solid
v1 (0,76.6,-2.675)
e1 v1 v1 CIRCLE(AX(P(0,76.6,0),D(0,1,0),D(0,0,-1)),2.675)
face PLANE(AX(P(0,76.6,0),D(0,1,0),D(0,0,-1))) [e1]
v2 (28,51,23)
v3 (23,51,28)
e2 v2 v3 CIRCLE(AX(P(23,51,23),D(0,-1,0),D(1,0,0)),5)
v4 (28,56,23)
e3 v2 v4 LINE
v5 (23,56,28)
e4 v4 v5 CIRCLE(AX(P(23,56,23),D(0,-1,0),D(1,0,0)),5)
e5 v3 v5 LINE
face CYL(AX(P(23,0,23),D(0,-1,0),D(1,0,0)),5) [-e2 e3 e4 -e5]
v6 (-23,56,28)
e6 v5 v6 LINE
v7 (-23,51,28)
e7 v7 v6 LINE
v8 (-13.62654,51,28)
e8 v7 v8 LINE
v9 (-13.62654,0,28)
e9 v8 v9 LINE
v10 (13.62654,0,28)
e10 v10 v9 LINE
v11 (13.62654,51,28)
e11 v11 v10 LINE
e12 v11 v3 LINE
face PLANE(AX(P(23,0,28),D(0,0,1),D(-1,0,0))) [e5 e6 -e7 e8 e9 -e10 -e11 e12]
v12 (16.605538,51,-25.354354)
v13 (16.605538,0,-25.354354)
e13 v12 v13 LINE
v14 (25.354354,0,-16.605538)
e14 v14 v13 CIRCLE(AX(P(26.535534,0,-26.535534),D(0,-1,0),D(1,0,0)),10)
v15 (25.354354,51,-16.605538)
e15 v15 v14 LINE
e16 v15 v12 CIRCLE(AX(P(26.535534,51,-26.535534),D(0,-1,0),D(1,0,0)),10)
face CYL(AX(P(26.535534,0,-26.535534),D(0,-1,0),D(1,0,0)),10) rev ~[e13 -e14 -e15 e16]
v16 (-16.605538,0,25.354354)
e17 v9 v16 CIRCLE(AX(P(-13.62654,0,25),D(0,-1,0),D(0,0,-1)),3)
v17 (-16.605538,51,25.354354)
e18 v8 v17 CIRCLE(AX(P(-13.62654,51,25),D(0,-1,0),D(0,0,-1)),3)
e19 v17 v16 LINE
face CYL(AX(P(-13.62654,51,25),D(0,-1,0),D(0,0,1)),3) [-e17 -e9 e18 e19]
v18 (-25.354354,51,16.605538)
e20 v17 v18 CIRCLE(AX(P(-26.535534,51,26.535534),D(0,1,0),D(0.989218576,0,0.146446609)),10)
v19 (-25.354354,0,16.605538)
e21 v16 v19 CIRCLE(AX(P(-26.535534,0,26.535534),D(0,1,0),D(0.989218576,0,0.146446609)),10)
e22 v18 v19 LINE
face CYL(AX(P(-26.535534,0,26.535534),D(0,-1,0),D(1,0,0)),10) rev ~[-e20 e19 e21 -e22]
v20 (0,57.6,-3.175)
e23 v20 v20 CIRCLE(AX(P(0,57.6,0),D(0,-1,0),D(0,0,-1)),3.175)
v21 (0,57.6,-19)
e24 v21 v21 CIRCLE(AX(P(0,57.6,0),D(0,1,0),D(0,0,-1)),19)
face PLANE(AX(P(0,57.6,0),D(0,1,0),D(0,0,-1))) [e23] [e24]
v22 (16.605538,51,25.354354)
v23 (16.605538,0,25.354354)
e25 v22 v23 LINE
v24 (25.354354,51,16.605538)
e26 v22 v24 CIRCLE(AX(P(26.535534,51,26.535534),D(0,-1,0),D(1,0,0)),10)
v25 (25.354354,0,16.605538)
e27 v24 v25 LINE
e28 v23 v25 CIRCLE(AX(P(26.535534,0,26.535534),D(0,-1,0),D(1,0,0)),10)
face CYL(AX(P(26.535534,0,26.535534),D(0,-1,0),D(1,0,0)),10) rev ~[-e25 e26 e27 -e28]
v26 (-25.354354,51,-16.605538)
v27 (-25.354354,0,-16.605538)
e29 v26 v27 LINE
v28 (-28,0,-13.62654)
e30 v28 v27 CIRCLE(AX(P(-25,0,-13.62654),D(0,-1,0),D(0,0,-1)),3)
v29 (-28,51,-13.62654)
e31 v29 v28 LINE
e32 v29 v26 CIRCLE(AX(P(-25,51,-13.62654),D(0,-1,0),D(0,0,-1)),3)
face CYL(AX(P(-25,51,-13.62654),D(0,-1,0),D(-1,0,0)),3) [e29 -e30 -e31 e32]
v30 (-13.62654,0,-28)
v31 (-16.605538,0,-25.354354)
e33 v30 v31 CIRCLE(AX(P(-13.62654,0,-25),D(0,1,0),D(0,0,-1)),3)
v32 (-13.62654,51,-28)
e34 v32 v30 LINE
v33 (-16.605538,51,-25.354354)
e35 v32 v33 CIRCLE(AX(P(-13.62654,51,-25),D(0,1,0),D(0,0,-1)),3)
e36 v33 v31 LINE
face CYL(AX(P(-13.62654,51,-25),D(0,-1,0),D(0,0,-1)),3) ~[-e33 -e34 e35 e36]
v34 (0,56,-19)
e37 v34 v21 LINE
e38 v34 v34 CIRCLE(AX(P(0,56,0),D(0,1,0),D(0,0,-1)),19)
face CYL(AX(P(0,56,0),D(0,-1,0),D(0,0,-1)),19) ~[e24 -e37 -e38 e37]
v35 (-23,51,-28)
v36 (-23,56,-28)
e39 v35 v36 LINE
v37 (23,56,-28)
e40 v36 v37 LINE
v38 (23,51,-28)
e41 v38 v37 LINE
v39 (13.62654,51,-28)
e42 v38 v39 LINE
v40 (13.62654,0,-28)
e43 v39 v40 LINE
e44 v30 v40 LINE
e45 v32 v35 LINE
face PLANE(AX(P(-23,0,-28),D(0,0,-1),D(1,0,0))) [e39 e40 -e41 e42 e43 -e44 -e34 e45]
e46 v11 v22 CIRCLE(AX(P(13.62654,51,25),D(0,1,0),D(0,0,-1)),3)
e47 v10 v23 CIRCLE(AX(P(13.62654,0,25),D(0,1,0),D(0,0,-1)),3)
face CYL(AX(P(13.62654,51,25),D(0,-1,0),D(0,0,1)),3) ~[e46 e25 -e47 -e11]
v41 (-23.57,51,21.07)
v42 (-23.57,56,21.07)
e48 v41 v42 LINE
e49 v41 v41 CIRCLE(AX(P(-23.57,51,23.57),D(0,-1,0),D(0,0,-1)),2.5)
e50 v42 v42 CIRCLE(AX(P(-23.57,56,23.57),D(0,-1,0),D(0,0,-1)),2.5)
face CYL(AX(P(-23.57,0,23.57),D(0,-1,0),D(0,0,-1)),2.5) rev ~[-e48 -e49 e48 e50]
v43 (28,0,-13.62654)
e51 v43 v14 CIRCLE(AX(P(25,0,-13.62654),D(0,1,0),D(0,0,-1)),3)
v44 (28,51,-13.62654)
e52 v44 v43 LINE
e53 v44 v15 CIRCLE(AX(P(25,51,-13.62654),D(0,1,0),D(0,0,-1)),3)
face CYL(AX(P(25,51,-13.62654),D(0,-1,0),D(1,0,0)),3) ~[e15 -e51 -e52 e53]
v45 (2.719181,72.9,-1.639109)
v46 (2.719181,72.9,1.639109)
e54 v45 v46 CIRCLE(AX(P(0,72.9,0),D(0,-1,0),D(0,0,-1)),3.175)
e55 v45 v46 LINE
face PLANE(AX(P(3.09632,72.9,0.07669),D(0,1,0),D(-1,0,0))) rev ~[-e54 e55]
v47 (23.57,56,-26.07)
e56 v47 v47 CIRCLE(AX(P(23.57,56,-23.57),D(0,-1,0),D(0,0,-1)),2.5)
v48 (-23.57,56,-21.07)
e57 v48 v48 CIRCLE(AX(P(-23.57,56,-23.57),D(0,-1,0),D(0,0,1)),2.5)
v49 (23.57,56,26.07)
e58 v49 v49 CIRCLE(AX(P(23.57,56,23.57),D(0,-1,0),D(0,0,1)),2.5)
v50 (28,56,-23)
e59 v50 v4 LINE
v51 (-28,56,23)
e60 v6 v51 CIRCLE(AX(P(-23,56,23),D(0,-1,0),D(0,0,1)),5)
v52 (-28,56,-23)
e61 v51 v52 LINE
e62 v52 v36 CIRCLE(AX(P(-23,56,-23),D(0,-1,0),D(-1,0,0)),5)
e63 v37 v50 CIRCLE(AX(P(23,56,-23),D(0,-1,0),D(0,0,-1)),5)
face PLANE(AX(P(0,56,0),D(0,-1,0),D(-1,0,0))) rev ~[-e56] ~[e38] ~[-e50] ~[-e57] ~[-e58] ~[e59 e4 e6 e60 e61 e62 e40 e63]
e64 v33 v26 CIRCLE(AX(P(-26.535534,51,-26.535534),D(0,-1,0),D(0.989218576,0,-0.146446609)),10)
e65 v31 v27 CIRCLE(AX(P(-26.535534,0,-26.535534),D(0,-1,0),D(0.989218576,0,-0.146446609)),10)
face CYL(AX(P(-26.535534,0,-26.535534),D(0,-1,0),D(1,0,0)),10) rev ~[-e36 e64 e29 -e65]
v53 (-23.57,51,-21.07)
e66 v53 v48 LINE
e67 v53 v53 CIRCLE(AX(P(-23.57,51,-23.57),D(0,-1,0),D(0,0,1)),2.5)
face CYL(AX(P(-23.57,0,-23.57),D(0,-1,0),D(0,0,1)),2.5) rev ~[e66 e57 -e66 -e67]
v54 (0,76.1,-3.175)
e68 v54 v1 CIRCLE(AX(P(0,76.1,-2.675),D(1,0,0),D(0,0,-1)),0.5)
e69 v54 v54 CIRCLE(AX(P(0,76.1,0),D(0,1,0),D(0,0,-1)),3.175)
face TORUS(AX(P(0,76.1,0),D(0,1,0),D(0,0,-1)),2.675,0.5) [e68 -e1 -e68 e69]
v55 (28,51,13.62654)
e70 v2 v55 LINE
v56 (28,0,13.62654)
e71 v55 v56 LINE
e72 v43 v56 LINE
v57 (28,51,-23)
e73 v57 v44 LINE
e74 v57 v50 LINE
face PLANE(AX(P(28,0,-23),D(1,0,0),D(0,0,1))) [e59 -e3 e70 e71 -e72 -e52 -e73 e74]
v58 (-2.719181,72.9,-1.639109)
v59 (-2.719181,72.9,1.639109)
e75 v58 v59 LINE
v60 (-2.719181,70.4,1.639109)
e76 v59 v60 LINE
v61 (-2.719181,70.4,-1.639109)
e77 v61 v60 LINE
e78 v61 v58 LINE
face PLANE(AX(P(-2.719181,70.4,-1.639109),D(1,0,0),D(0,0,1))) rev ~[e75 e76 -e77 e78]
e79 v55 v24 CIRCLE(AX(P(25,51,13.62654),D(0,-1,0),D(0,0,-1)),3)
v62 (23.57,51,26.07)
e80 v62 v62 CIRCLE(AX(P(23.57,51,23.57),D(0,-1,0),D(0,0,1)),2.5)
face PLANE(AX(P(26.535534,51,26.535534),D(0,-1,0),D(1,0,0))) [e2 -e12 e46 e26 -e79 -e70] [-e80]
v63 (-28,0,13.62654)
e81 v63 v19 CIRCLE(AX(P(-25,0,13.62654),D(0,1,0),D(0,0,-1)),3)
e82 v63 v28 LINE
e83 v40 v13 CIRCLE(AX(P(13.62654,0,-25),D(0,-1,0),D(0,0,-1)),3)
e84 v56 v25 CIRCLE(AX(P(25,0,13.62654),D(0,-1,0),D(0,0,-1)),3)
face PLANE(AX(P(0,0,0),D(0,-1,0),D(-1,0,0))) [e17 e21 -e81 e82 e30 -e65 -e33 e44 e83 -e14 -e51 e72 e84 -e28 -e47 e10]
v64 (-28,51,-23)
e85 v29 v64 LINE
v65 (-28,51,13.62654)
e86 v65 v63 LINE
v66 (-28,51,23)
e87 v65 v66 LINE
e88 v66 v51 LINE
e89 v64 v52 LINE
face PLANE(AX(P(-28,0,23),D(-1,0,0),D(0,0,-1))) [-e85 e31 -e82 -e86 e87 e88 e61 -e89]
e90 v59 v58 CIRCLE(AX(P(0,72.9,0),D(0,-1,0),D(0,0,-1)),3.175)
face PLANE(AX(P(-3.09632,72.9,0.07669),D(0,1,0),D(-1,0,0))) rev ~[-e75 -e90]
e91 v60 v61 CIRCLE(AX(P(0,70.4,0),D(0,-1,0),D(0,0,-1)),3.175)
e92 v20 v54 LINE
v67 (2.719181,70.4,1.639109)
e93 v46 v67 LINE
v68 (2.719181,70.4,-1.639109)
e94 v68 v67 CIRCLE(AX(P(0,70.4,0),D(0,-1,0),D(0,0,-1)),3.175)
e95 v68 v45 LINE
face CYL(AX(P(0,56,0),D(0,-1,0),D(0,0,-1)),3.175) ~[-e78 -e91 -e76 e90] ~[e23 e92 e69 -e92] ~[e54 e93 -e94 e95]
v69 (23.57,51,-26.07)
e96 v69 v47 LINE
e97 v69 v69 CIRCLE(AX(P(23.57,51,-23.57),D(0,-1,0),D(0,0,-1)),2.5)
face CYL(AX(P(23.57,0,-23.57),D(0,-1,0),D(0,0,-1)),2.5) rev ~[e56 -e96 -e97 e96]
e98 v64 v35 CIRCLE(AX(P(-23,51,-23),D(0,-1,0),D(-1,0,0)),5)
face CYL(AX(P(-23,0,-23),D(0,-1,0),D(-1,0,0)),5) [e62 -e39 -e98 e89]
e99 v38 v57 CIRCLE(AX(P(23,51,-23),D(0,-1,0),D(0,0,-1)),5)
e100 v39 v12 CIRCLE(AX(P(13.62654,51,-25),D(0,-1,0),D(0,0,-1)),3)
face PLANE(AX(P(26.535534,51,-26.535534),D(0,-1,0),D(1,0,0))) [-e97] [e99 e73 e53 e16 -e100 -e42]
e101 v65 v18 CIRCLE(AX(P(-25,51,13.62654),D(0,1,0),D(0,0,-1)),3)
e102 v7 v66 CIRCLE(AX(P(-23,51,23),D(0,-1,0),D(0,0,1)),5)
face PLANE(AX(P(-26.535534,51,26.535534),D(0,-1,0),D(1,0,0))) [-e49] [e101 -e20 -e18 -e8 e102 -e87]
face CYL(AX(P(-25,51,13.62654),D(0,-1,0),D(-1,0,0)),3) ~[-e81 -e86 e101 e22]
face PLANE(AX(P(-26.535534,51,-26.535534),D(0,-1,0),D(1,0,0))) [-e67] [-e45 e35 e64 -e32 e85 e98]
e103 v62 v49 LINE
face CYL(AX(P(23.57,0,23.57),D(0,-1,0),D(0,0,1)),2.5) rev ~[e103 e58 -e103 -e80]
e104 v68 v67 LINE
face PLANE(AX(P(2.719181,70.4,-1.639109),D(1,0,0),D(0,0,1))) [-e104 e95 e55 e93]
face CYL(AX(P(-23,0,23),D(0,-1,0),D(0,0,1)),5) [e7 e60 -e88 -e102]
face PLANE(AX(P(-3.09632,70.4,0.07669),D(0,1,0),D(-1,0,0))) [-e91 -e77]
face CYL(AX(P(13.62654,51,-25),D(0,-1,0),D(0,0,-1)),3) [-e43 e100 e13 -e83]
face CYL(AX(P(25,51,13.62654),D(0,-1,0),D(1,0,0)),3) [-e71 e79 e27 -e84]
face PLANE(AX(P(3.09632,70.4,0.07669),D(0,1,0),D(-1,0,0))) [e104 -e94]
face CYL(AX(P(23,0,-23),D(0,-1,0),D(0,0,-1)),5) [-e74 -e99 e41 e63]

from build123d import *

# Parameters (mm, degrees)
EXTRUDE1_DEPTH      = 56
SKETCH2_R           = 2.5
EXTRUDE2_DEPTH      = 69.585712798
SKETCH4_R           = 10
EXTRUDE3_DEPTH      = 51
FILLET1_R           = 3
SKETCH5_R           = 19
EXTRUDE4_DEPTH      = 1.6
SKETCH6_R           = 3.175
EXTRUDE5_DEPTH      = 20.6
FILLET2_R           = 0.5
SKETCH_1_W          = 0.754278007
SKETCH_1_H          = 3.431599036
CUT_EXTRUDE_1_DEPTH = 2.5


with BuildPart() as part:
    # Sketch1 → Extrude1 (new body)
    with BuildSketch(Plane(origin=(0, 0, 0), x_dir=(1, 0, 0), z_dir=(0, 1, 0))):
        with BuildLine():
            Line((-23, 28), (23, 28))
            ThreePointArc((23, 28), (26.535533906, 26.535533906), (28, 23))
            Line((28, 23), (28, -23))
            ThreePointArc((28, -23), (26.535533906, -26.535533906), (23, -28))
            Line((23, -28), (-23, -28))
            ThreePointArc((-23, -28), (-26.535533906, -26.535533906), (-28, -23))
            Line((-28, -23), (-28, 23))
            ThreePointArc((-28, 23), (-26.535533906, 26.535533906), (-23, 28))
        make_face()
    extrude(amount=EXTRUDE1_DEPTH)

    # Sketch2 → Extrude2 (cut, through all)
    with BuildSketch(Plane.XZ):
        with Locations(Location((23.57, 23.57, 0), (0, 0, 90))):
            Circle(SKETCH2_R)
        with Locations(Location((23.57, -23.57, 0), (0, 0, 270))):
            Circle(SKETCH2_R)
        with Locations(Location((-23.57, -23.57, 0), (0, 0, 90))):
            Circle(SKETCH2_R)
        with Locations(Location((-23.57, 23.57, 0), (0, 0, 270))):
            Circle(SKETCH2_R)
    extrude(amount=-EXTRUDE2_DEPTH, mode=Mode.SUBTRACT)

    # Sketch4 → Extrude3 (cut)
    with BuildSketch(Plane.XZ):
        with Locations((-26.535533906, 26.535533906)):
            Circle(SKETCH4_R)
        with Locations((26.535533906, 26.535533906)):
            Circle(SKETCH4_R)
        with Locations((26.535533906, -26.535533906)):
            Circle(SKETCH4_R)
        with Locations((-26.535533906, -26.535533906)):
            Circle(SKETCH4_R)
    extrude(amount=-EXTRUDE3_DEPTH, mode=Mode.SUBTRACT)

    # Fillet1
    fillet1_edges = [part.edges().sort_by_distance(p)[0] for p in [
        (-28, 25.5, 16.643348149),
        (-16.643348149, 25.5, 28),
        (16.643348149, 25.5, 28),
        (28, 25.5, 16.643348149),
        (28, 25.5, -16.643348149),
        (16.643348149, 25.5, -28),
        (-28, 25.5, -16.643348149),
        (-16.643348149, 25.5, -28),
    ]]
    fillet(fillet1_edges, radius=FILLET1_R)

    # Sketch5 → Extrude4 (add)
    with BuildSketch(Plane(origin=(0, 56, 0), x_dir=(1, 0, 0), z_dir=(0, 1, 0))):
        with Locations(Location((0, 0, 0), (0, 0, 90))):
            Circle(SKETCH5_R)
    extrude(amount=EXTRUDE4_DEPTH)

    # Sketch6 → Extrude5 (add)
    with BuildSketch(Plane(origin=(0, 56, 0), x_dir=(1, 0, 0), z_dir=(0, 1, 0))):
        with Locations(Location((0, 0, 0), (0, 0, 90))):
            Circle(SKETCH6_R)
    extrude(amount=EXTRUDE5_DEPTH)

    # Fillet2
    fillet2_edges = [part.edges().sort_by_distance(p)[0] for p in [
        (0, 76.6, 3.175),
    ]]
    fillet(fillet2_edges, radius=FILLET2_R)

    # Эскиз1 → Вытянуть1 (cut)
    with BuildSketch(Plane(origin=(0, 70.4, 0), x_dir=(-1, 0, 0), z_dir=(0, 1, 0))):
        with Locations((3.096320075, 0.076690216)):
            Rectangle(SKETCH_1_W, SKETCH_1_H)
        with Locations((-3.096320075, 0.076690216)):
            Rectangle(SKETCH_1_W, SKETCH_1_H)
    extrude(amount=CUT_EXTRUDE_1_DEPTH, mode=Mode.SUBTRACT)


solid = part.part
